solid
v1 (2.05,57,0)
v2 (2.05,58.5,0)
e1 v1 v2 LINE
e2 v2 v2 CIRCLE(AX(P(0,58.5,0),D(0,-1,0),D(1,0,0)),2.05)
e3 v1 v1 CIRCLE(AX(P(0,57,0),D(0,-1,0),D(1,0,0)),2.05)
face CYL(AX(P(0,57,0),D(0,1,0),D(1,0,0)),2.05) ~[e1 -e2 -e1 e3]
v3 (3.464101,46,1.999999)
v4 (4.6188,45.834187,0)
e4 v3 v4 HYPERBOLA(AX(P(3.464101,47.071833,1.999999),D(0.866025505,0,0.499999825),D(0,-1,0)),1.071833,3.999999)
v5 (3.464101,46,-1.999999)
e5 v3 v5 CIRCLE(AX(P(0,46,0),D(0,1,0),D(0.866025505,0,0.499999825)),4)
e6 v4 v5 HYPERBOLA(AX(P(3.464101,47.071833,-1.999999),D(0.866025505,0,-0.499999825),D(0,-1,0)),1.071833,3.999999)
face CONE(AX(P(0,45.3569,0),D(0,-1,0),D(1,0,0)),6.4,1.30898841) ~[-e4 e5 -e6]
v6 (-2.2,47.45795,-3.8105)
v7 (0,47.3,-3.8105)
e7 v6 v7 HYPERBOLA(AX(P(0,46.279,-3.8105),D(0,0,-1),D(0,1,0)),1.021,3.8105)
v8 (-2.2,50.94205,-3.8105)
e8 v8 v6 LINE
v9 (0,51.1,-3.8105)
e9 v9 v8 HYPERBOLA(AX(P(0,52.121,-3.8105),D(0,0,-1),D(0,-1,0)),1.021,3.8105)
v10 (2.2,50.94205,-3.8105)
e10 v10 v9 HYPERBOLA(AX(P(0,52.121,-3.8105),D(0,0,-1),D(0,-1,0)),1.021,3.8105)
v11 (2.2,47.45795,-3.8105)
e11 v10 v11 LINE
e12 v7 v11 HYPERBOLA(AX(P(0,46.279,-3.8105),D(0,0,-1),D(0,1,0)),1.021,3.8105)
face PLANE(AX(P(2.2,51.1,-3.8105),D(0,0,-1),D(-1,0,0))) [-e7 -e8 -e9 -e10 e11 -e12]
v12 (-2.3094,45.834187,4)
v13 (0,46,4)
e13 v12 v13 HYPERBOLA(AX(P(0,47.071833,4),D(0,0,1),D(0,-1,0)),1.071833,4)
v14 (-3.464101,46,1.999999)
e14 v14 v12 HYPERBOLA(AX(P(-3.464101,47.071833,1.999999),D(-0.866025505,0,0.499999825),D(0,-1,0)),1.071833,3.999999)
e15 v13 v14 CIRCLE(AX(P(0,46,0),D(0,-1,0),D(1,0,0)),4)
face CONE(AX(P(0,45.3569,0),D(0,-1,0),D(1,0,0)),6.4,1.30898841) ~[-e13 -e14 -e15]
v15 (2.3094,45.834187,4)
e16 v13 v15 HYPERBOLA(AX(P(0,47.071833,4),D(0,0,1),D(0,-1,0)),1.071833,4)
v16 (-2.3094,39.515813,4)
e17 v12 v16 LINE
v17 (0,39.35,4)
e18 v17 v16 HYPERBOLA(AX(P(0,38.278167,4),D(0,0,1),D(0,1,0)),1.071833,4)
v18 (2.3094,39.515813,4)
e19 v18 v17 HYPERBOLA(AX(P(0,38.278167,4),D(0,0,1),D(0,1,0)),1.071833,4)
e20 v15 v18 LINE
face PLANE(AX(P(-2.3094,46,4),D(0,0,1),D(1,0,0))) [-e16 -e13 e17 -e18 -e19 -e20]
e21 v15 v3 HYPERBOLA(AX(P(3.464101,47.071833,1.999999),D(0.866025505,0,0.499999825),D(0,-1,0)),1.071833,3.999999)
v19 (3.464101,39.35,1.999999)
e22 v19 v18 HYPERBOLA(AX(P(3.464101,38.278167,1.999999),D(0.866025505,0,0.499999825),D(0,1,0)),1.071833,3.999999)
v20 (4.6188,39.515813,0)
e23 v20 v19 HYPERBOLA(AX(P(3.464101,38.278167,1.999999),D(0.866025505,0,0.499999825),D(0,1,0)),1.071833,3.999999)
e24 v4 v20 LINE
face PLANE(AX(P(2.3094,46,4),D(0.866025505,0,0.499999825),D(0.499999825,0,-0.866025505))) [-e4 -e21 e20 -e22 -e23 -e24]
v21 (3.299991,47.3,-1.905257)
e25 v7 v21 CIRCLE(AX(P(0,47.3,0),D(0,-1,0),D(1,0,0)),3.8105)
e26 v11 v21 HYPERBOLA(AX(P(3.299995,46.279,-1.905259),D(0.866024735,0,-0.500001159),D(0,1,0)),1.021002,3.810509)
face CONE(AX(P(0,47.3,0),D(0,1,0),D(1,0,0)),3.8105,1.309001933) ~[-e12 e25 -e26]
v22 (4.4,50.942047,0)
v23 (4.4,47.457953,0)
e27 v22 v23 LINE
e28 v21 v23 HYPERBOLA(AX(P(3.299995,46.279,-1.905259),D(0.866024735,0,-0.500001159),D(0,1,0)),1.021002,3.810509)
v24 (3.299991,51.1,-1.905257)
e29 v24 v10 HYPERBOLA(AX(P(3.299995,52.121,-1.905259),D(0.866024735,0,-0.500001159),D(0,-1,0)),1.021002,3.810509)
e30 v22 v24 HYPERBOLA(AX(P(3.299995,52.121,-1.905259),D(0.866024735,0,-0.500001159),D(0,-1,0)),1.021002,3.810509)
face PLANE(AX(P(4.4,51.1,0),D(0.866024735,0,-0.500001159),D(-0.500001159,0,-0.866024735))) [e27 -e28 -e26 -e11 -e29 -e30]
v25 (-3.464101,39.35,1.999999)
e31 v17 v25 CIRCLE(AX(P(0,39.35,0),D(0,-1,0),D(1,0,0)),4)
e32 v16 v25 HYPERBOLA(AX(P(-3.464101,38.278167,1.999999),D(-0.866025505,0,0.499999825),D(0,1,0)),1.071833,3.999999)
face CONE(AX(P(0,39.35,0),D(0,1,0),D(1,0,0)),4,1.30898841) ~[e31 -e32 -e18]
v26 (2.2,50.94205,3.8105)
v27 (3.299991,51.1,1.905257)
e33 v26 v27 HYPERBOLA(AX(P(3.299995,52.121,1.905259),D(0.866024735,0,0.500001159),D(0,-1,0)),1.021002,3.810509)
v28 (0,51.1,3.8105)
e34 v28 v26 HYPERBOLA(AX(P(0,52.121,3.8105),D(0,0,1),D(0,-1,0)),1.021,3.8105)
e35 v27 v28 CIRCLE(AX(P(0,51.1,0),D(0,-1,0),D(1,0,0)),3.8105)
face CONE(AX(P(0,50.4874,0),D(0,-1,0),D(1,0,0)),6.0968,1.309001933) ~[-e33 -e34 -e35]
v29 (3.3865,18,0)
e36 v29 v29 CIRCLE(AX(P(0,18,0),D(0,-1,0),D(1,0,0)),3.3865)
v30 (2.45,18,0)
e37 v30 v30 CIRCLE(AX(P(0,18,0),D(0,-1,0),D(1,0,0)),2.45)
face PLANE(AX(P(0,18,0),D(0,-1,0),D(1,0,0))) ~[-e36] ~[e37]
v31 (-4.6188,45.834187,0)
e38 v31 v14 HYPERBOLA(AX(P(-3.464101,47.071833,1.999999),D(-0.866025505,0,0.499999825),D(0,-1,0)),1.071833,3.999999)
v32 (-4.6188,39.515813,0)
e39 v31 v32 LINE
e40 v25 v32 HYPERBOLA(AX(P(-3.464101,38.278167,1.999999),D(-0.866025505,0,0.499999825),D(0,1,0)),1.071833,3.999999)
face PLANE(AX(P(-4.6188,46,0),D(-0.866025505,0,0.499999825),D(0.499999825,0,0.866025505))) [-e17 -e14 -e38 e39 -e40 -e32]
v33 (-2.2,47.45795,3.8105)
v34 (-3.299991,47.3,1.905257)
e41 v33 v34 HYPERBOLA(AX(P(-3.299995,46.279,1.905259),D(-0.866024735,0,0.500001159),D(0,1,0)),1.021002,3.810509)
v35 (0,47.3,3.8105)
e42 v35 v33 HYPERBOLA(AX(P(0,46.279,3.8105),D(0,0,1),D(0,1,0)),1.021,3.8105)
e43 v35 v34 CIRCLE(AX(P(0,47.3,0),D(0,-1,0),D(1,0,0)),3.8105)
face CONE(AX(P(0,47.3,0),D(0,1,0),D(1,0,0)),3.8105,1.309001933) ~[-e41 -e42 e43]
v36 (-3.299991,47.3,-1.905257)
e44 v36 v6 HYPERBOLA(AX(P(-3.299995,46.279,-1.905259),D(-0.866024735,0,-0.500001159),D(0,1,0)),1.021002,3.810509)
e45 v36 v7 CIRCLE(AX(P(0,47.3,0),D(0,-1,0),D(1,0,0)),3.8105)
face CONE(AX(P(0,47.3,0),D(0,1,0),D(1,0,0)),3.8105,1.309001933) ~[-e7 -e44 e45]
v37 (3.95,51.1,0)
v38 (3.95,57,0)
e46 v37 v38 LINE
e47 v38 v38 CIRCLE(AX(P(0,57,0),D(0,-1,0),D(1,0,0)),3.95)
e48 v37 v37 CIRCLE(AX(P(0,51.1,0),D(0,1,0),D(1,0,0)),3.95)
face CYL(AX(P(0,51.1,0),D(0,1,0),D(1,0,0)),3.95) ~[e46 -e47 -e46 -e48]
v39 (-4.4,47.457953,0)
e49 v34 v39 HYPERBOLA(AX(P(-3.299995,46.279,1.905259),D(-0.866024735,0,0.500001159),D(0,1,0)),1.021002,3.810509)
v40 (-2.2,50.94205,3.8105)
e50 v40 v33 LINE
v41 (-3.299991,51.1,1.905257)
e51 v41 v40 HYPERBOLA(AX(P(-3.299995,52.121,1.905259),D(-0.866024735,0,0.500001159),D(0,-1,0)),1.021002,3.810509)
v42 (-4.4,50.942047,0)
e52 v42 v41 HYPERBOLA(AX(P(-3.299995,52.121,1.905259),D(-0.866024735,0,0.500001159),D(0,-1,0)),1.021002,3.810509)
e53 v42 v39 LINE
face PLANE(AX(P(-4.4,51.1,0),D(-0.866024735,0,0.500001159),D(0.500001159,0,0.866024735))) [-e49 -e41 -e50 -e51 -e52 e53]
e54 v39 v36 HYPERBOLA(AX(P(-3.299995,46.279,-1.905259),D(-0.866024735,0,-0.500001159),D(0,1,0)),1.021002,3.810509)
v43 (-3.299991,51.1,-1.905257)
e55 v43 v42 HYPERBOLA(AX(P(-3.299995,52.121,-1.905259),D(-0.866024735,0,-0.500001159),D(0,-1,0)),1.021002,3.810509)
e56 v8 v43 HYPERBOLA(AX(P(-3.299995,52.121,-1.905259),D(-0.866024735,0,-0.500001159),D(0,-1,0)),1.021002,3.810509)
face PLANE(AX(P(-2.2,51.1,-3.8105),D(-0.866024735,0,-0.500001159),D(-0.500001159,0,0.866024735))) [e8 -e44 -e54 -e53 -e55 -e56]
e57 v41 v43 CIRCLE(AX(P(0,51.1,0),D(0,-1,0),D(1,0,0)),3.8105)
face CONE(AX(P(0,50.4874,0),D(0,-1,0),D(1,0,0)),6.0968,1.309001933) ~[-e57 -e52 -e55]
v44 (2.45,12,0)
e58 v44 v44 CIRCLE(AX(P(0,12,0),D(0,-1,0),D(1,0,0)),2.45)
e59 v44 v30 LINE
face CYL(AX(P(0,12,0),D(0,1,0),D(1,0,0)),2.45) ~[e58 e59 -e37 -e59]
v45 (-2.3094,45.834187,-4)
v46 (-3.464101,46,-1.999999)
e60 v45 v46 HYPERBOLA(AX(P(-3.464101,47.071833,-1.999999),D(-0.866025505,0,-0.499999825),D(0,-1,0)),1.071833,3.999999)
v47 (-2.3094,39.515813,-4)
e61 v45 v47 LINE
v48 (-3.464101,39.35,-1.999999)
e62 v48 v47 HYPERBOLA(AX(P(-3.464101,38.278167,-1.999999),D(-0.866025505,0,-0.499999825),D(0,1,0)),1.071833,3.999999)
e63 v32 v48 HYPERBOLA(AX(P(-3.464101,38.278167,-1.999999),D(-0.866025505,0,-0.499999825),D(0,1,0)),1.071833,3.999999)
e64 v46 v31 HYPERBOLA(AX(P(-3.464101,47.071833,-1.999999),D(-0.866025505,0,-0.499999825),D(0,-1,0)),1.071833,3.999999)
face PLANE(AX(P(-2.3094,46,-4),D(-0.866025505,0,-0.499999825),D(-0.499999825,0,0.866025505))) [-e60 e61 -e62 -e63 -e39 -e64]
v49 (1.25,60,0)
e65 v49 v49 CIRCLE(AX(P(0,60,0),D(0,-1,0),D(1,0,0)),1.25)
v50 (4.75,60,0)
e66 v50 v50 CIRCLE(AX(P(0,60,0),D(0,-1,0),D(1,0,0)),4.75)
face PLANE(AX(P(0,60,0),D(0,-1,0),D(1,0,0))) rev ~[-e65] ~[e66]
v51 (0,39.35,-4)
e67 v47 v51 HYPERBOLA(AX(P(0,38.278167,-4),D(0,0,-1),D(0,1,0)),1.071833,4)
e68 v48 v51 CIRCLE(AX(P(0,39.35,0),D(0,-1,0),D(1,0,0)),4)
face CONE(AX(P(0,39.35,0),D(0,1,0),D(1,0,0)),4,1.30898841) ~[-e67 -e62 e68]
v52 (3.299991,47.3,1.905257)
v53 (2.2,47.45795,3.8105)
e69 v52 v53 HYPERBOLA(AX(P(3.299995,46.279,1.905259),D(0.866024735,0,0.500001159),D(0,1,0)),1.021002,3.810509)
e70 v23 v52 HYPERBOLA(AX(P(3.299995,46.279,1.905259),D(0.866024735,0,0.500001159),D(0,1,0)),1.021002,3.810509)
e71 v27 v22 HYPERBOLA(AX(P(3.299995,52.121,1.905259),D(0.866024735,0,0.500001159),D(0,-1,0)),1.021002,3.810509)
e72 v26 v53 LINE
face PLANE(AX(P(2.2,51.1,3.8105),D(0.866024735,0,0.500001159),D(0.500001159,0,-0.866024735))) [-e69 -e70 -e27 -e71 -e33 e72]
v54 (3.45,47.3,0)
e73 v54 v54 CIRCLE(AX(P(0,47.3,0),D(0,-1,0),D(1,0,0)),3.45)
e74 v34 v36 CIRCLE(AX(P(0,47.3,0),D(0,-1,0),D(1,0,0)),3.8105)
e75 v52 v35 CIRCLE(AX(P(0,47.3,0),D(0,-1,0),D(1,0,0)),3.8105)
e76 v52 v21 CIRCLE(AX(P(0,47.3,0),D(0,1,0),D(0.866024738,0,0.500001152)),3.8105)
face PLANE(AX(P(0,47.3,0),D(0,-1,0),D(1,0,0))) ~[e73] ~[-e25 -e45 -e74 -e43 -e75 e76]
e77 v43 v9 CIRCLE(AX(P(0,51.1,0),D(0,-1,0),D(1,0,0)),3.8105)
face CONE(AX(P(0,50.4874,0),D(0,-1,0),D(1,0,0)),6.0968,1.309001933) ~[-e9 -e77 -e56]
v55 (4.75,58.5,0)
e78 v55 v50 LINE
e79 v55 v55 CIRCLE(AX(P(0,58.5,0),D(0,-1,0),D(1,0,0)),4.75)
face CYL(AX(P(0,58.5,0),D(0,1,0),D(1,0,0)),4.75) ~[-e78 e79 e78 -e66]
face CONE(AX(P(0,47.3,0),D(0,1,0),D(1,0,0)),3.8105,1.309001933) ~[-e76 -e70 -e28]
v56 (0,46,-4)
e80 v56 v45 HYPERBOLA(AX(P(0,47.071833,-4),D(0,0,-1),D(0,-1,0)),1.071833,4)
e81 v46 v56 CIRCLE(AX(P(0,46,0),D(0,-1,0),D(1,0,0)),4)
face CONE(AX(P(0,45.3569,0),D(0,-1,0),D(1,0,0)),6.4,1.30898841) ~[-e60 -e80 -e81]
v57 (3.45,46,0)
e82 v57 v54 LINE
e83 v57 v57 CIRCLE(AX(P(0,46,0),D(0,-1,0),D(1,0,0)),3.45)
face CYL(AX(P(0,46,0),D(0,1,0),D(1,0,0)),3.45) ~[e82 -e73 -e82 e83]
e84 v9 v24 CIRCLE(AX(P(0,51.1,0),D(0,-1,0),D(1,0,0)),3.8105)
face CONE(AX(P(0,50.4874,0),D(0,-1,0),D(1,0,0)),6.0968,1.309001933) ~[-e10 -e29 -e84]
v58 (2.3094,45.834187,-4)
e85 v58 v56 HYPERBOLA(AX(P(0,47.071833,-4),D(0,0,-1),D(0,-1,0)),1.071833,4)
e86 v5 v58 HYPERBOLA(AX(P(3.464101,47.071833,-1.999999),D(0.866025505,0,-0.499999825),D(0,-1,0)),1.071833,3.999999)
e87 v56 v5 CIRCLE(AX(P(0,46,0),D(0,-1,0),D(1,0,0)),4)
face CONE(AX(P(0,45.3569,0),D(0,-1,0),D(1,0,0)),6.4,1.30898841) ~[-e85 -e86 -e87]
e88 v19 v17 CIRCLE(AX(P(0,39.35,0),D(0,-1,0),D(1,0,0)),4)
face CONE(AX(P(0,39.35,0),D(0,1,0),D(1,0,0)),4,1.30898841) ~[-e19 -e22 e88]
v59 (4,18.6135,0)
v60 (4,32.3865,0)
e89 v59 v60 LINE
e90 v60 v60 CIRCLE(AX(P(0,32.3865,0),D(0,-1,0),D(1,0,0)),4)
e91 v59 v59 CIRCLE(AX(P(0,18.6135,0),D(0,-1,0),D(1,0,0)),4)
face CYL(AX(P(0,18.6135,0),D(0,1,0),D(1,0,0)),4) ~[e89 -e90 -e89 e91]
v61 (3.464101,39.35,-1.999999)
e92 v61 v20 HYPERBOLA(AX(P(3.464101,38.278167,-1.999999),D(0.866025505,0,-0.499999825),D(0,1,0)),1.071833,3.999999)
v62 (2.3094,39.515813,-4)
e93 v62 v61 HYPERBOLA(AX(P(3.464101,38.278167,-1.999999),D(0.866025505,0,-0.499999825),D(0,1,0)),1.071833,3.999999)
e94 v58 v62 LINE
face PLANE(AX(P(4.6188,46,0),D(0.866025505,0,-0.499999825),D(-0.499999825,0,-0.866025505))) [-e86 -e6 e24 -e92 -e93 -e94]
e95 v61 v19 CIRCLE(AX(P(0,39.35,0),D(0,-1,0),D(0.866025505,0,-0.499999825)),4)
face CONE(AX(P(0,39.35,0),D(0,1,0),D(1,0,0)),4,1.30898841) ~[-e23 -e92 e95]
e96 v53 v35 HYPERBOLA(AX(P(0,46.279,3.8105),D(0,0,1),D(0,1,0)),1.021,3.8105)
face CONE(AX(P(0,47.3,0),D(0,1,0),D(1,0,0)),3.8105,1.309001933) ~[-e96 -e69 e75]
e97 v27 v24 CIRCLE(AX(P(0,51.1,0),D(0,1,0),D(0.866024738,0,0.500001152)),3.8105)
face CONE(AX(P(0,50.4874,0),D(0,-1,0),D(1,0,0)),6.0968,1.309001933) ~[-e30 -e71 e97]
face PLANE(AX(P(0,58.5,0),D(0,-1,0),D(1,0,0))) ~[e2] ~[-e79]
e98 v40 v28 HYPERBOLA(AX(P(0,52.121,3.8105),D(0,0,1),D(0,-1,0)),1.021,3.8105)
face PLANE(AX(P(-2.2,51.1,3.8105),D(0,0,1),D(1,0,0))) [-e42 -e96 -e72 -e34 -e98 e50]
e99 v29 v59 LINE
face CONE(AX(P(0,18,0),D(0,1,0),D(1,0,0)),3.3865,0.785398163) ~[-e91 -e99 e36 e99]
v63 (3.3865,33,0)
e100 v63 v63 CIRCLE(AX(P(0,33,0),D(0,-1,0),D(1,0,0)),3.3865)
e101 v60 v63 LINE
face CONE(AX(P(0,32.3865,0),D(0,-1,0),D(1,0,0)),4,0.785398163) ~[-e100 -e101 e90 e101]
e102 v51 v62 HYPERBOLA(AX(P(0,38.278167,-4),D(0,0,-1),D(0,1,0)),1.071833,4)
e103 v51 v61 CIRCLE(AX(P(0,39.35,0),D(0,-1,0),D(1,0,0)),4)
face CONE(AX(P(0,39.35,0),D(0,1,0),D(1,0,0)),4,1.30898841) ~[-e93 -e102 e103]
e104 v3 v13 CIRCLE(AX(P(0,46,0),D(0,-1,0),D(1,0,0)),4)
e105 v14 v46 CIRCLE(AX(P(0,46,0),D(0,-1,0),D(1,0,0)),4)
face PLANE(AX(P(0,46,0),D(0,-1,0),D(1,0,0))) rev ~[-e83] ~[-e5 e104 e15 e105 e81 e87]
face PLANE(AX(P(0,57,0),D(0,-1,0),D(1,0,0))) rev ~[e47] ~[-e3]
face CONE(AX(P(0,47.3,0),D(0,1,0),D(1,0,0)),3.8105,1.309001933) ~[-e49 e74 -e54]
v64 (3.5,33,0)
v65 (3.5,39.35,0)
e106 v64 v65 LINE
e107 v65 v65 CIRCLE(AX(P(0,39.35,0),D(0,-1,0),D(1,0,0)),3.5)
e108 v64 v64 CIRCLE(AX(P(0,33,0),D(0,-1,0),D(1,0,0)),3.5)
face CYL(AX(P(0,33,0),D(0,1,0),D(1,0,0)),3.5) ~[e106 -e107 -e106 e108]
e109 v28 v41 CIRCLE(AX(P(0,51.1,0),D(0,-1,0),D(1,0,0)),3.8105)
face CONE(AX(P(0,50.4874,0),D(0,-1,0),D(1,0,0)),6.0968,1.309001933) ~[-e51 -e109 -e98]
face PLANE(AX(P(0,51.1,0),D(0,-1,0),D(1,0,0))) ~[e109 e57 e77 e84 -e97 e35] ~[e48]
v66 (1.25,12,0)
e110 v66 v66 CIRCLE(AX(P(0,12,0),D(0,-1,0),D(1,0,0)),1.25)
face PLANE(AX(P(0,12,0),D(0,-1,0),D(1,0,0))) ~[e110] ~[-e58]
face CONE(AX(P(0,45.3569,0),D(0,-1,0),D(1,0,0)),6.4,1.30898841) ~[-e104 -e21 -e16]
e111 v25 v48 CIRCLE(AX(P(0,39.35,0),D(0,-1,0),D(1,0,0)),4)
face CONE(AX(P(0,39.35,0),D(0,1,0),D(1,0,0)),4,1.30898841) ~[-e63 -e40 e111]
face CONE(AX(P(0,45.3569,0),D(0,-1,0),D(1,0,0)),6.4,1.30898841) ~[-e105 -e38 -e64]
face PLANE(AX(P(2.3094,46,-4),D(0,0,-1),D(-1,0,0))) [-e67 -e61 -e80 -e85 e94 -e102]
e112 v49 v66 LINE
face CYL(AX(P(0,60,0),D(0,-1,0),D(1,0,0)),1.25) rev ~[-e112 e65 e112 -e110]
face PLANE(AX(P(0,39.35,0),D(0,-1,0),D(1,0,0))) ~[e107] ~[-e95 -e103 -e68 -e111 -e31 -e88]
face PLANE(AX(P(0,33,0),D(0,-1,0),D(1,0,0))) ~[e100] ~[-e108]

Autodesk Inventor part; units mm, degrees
sketch "Sketch_9" plane through (0, 0, 0) normal (0, 0, 1) x (1, 0, 0)
  line L0 (0, 12) -> (0, 60)
  line L1 (1.25, 60) -> (1.25, 12)
  line L2 (1.25, 12) -> (2.45, 12)
  line L3 (2.45, 12) -> (2.45, 18)
  line L4 (2.45, 18) -> (3.3865, 18)
  line L5 (3.3865, 18) -> (4, 18.6135)
  line L6 (4, 18.6135) -> (4, 32.3865)
  line L7 (4, 32.3865) -> (3.3865, 33)
  line L8 (3.3865, 33) -> (3.5, 33)
  line L9 (3.5, 33) -> (3.5, 39.35)
  line L10 (3.5, 39.35) -> (4, 39.35)
  line L11 (4, 39.35) -> (6.4, 39.9931)
  line L12 (6.4, 39.9931) -> (6.4, 45.3569)
  line L13 (6.4, 45.3569) -> (4, 46)
  line L14 (4, 46) -> (3.45, 46)
  line L15 (3.45, 46) -> (3.45, 47.3)
  line L16 (3.45, 47.3) -> (3.8105, 47.3)
  line L17 (3.8105, 47.3) -> (6.0968, 47.9126)
  line L18 (6.0968, 47.9126) -> (6.0968, 50.4874)
  line L19 (6.0968, 50.4874) -> (3.8105, 51.1)
  line L20 (3.8105, 51.1) -> (3.95, 51.1)
  line L21 (3.95, 51.1) -> (3.95, 57)
  line L22 (3.95, 57) -> (2.05, 57)
  line L23 (2.05, 57) -> (2.05, 58.5)
  line L24 (2.05, 58.5) -> (4.75, 58.5)
  line L25 (4.75, 58.5) -> (4.75, 60)
  line L26 (4.75, 60) -> (1.25, 60)
revolve "Revolution1" add sketch "Sketch_9" angle 360 about axis through (0, 12, 0) along (0, -1, 0)
thread "Thread1" size "M8x1" class "6g" standard "ISO Metric profile" full length
sketch "Sketch_10" plane through (0, 51.1, 0) normal (0, 1, 0) x (1, 0, 0)
  circle A0 centre (0, 0) radius 8.8
  line L0 (-4.4, 0) -> (-2.2, -3.8105)
  line L1 (-2.2, -3.8105) -> (2.2, -3.8105)
  line L2 (2.2, -3.8105) -> (4.4, 0)
  line L3 (4.4, 0) -> (2.2, 3.8105)
  line L4 (2.2, 3.8105) -> (-2.2, 3.8105)
  line L5 (-2.2, 3.8105) -> (-4.4, 0)
extrude "Extrusion1" cut sketch "Sketch_10" against normal blind 3.8
sketch "Sketch_11" plane through (0, 46, 0) normal (0, 1, 0) x (1, 0, 0)
  circle A0 centre (0, 0) radius 8
  line L0 (-4.6188, 0) -> (-2.3094, -4)
  line L1 (-2.3094, -4) -> (2.3094, -4)
  line L2 (2.3094, -4) -> (4.6188, 0)
  line L3 (4.6188, 0) -> (2.3094, 4)
  line L4 (2.3094, 4) -> (-2.3094, 4)
  line L5 (-2.3094, 4) -> (-4.6188, 0)
extrude "Extrusion2" cut sketch "Sketch_11" against normal blind 6.65
ref_plane "BUFFER_DUMMY_XY" through (0, 0, 0) normal (0, -1, 0) x (1, 0, 0)
ref_plane "BUFFER_DUMMY_YZ" through (0, 0, 0) normal (1, 0, 0) x (0, 0, 1)
ref_plane "BUFFER_DUMMY_ZX" through (0, 0, 0) normal (0, 0, 1) x (0, -1, 0)
ref_plane "BUFFER_NUT1_XY" through (0, 25.5, 0) normal (0, 1, 0) x (1, 0, 0)
ref_plane "BUFFER_NUT1_YZ" through (0, 25.5, 0) normal (1, 0, 0) x (0, 0, -1)
ref_plane "BUFFER_NUT1_ZX" through (0, 25.5, 0) normal (0, 0, -1) x (0, 1, 0)
ref_plane "BUFFER_NUT2_XY" through (0, 25.5, 0) normal (0, 1, 0) x (1, 0, 0)
ref_plane "BUFFER_NUT2_YZ" through (0, 25.5, 0) normal (1, 0, 0) x (0, 0, -1)
ref_plane "BUFFER_NUT2_ZX" through (0, 25.5, 0) normal (0, 0, -1) x (0, 1, 0)
ref_plane "BUFFER_PLATE_XY" through (0, 25.5, 0) normal (0, 1, 0) x (1, 0, 0)
ref_plane "BUFFER_PLATE_YZ" through (0, 25.5, 0) normal (1, 0, 0) x (0, 0, -1)
ref_plane "BUFFER_PLATE_ZX" through (0, 25.5, 0) normal (0, 0, -1) x (0, 1, 0)
properties part number "ZPT08U6-04_B_BUFFER"
